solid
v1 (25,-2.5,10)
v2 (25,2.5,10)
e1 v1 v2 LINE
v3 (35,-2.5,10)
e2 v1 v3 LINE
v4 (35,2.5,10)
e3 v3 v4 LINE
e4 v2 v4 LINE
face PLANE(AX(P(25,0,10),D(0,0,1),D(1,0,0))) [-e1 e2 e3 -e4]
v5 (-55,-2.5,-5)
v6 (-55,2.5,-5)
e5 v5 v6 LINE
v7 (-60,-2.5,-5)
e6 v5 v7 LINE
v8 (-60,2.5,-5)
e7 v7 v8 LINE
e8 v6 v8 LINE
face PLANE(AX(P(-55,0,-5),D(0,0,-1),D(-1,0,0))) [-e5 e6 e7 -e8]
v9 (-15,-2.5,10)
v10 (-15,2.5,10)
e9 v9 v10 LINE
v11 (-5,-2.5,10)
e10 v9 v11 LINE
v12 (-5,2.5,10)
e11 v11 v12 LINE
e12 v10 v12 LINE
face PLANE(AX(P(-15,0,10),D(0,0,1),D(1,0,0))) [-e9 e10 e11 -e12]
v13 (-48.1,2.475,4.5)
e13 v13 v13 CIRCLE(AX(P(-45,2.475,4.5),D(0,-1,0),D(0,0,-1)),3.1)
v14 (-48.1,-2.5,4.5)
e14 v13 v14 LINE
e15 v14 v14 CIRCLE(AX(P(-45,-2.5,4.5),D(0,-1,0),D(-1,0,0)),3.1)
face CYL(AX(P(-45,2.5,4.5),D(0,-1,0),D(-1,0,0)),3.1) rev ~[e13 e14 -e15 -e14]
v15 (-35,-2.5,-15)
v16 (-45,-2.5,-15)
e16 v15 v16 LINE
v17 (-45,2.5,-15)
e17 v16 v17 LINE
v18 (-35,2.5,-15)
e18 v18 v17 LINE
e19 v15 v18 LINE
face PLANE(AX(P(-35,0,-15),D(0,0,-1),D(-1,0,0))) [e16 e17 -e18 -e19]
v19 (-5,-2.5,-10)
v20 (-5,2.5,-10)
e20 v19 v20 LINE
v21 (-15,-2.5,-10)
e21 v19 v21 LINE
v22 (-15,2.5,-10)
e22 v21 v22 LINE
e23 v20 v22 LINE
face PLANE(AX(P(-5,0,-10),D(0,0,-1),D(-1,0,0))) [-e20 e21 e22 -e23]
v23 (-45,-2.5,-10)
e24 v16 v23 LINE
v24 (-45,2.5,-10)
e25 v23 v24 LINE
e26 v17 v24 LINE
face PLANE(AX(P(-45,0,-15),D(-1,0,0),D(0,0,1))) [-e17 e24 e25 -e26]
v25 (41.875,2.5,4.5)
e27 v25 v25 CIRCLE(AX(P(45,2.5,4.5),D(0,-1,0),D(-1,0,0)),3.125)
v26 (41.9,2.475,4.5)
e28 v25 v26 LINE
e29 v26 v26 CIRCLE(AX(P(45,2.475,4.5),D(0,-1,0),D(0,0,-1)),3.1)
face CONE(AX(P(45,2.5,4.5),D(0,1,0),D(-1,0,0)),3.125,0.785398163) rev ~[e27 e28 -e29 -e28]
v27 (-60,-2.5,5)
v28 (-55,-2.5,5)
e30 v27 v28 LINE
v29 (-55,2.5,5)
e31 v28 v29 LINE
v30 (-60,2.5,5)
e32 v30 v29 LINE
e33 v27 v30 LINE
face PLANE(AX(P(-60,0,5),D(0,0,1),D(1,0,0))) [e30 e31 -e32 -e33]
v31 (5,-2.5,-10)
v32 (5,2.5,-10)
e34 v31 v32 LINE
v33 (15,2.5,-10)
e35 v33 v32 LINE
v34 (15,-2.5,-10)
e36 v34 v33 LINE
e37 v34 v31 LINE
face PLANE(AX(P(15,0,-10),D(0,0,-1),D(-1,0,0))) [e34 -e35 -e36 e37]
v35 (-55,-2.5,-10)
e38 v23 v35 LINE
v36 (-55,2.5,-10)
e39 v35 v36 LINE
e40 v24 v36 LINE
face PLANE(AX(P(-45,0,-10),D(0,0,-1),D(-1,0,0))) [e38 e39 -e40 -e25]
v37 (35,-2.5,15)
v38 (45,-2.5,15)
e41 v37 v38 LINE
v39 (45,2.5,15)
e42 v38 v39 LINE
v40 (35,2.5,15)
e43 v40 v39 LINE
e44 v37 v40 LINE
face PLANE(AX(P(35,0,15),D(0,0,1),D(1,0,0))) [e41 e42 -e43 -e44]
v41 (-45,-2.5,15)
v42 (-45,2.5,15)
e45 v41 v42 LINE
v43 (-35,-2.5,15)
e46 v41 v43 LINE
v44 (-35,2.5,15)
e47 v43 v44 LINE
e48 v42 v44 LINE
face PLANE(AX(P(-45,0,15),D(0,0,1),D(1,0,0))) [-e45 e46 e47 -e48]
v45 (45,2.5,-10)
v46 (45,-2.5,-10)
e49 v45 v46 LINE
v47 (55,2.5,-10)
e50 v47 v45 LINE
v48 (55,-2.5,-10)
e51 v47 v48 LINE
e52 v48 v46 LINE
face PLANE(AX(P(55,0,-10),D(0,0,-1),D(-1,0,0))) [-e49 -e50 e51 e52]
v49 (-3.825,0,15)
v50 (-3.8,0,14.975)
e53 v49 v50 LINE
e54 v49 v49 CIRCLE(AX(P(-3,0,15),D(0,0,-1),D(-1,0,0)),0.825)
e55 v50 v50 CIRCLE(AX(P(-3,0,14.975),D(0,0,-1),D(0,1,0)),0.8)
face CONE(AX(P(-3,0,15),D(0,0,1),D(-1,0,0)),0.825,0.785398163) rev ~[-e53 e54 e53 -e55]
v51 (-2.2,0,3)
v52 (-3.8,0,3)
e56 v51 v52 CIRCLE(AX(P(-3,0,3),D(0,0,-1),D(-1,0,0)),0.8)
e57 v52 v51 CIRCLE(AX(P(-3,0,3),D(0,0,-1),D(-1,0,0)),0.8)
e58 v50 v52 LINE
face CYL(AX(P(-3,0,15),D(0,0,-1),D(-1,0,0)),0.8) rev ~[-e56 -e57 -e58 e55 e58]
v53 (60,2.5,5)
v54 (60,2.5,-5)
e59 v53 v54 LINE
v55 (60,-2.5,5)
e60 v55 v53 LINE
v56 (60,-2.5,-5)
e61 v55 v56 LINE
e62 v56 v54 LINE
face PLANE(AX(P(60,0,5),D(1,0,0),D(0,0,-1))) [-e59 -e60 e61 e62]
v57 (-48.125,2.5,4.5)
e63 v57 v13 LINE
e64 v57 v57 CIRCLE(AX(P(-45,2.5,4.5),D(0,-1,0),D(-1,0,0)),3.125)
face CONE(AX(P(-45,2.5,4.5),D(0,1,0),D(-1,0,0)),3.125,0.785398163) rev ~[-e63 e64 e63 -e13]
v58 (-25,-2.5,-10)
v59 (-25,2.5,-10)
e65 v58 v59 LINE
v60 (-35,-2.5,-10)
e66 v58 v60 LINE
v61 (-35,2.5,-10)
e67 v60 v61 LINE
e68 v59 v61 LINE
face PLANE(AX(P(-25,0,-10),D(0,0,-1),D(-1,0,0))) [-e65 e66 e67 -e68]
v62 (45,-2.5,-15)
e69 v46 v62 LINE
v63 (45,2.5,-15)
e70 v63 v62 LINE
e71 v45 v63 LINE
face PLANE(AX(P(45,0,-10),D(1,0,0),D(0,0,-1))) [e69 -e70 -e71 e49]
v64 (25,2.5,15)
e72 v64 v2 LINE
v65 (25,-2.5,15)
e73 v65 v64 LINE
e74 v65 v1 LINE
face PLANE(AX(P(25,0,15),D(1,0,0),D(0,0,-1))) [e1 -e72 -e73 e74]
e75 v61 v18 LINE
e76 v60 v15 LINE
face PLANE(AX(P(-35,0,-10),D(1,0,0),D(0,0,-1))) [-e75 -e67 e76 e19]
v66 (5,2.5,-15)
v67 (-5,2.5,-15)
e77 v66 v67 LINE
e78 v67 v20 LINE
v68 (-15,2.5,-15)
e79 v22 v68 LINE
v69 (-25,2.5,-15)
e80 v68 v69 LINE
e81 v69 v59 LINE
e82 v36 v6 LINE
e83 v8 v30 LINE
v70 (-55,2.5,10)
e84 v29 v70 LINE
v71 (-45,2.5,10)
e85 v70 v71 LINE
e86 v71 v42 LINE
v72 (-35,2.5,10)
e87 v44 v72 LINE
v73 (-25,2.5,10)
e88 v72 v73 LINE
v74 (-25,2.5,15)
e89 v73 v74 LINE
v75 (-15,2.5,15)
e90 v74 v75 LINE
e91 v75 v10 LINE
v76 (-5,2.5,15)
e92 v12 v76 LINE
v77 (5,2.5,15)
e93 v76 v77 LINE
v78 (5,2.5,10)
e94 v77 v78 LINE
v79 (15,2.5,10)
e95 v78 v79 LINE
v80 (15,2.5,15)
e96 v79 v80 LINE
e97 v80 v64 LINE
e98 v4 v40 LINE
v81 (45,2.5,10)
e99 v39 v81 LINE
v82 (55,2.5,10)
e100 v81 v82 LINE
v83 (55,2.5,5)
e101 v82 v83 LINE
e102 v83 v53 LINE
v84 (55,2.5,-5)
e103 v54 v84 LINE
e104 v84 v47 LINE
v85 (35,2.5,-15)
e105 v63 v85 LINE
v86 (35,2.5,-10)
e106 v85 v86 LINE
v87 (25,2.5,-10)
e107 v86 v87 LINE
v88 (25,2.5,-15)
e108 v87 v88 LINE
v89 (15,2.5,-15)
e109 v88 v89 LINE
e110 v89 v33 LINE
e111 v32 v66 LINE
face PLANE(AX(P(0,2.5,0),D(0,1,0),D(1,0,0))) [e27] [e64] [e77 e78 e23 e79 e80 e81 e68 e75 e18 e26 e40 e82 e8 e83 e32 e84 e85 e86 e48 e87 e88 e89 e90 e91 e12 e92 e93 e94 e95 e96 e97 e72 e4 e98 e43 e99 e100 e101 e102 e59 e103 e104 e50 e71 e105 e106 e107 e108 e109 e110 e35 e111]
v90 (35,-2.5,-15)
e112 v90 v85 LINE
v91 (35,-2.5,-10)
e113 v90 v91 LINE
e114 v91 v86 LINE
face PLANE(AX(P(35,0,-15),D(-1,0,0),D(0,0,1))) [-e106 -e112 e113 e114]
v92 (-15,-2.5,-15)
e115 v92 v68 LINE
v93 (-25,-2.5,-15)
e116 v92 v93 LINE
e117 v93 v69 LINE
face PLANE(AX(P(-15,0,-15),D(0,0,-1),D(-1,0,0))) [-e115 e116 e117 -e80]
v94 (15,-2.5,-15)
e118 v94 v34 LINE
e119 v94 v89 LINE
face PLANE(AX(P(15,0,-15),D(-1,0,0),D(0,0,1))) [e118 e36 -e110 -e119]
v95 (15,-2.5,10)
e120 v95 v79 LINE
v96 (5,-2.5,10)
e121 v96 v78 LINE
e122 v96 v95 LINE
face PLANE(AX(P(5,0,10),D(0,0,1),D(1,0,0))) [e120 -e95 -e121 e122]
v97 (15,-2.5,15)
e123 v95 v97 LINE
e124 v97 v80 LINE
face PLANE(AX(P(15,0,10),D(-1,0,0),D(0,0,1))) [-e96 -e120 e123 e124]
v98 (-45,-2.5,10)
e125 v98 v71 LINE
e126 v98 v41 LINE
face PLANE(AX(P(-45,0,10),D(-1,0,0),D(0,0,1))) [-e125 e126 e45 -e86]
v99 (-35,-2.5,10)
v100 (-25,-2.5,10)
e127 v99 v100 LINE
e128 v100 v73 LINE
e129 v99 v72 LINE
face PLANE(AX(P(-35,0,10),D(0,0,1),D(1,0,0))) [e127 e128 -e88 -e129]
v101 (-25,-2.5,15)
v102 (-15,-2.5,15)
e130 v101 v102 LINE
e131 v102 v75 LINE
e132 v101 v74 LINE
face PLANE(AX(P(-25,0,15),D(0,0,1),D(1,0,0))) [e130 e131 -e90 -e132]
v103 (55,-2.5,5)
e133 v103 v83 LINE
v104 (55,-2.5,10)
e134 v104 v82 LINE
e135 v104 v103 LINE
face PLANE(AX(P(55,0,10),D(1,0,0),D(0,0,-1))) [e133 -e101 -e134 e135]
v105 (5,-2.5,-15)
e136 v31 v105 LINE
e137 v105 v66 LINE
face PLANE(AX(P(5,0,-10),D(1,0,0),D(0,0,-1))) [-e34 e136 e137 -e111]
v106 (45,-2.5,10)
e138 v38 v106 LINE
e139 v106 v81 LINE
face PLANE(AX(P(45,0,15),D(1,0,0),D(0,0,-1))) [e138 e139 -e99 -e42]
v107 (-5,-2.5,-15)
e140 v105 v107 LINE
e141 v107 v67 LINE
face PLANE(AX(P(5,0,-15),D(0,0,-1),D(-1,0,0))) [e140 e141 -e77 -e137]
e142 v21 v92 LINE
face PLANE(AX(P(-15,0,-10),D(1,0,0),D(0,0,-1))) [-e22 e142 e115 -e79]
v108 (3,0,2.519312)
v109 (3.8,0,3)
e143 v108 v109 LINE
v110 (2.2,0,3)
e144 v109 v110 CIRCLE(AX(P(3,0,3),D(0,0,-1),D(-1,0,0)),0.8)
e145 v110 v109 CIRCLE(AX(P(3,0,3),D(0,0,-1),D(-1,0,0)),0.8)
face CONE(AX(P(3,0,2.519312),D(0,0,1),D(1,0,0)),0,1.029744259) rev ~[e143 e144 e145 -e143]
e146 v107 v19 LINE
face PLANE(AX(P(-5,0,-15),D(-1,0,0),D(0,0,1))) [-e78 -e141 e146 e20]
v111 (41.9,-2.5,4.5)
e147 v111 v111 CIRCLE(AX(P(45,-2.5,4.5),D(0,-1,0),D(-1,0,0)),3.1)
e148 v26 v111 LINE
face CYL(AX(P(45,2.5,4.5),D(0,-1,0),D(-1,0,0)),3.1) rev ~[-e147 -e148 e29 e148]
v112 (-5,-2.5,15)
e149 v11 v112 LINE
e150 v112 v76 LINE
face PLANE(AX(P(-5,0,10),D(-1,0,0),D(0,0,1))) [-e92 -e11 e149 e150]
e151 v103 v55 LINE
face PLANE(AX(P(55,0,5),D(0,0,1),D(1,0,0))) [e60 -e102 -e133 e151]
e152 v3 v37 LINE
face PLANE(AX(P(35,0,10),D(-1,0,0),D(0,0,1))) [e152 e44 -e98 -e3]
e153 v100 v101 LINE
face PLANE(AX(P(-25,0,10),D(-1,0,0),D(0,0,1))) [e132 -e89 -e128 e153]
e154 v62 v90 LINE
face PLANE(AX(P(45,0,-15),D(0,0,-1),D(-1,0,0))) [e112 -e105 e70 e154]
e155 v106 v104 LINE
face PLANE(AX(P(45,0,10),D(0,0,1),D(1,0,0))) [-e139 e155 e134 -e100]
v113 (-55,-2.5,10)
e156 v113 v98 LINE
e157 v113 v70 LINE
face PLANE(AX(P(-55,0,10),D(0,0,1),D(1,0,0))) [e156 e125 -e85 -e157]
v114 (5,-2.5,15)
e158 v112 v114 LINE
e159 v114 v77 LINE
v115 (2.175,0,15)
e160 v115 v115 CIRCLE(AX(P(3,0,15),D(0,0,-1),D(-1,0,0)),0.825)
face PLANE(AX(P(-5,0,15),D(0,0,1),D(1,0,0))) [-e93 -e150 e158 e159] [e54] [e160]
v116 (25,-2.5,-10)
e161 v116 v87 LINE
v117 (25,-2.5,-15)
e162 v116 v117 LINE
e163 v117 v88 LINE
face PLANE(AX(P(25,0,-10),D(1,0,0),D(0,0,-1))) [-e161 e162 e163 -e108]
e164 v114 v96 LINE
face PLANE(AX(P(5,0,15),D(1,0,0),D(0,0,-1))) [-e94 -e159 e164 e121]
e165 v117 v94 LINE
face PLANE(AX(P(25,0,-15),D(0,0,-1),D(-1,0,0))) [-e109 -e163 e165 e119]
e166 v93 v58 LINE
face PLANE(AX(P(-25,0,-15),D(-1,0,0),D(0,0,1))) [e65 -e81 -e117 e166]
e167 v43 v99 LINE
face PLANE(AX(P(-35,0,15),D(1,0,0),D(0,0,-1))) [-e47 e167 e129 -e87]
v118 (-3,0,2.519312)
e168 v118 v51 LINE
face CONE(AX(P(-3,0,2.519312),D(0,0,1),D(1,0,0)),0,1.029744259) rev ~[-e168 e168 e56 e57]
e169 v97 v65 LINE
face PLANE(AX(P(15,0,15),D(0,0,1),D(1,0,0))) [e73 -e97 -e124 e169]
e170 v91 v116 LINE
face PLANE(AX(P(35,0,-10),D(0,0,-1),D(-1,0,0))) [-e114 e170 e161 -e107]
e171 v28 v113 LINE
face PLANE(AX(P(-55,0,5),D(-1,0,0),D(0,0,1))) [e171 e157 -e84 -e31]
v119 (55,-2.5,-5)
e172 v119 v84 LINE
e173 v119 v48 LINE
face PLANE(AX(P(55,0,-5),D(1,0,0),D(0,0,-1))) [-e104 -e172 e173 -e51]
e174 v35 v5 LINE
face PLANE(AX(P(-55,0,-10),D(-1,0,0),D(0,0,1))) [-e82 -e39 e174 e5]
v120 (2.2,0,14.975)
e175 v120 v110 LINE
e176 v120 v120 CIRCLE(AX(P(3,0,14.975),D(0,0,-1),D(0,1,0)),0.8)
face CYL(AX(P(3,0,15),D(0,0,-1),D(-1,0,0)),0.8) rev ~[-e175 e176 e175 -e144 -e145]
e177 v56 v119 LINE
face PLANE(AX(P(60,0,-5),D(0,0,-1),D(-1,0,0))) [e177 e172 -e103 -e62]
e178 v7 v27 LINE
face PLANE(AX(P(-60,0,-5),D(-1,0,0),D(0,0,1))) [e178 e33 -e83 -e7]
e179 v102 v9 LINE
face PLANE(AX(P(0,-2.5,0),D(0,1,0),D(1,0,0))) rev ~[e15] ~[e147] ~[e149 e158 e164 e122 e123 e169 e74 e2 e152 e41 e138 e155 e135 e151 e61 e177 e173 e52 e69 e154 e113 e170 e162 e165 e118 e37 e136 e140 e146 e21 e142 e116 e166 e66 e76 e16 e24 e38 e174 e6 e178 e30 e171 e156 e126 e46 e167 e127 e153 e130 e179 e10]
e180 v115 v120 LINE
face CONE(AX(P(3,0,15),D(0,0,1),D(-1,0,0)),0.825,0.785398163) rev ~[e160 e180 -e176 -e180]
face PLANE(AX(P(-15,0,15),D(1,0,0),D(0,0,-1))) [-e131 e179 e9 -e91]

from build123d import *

# Parameters (mm, degrees)
BOSS_EXTRUDE1_DEPTH                  = 2.5
TAP_DRILL_FOR_M2_TAP1_D              = 1.6
TAP_DRILL_FOR_M2_TAP1_DEPTH          = 12
TAP_DRILL_FOR_M2_TAP1_CSINK_D        = 1.65
TAP_DRILL_FOR_M2_TAP1_CSINK_ANGLE    = 90
TAP_DRILL_FOR_M2_TAP1_TIP            = 0.480688495
F_6_2_6_2_DIAMETER_HOLE1_D           = 6.2
F_6_2_6_2_DIAMETER_HOLE1_CSINK_D     = 6.25
F_6_2_6_2_DIAMETER_HOLE1_CSINK_ANGLE = 90


with BuildPart() as part:
    # Sketch1 → Boss-Extrude1 (new, symmetric)
    with BuildSketch(Plane(origin=(0, 0, 0), x_dir=(1, 0, 0), z_dir=(0, 1, 0))):
        Polygon((45, 15), (35, 15), (35, 10), (25, 10), (25, 15), (15, 15), (15, 10), (5, 10), (5, 15), (-5, 15), (-5, 10), (-15, 10), (-15, 15), (-25, 15), (-25, 10), (-35, 10), (-35, 15), (-45, 15), (-45, 10), (-55, 10), (-55, 5), (-60, 5), (-60, -5), (-55, -5), (-55, -10), (-45, -10), (-45, -15), (-35, -15), (-35, -10), (-25, -10), (-25, -15), (-15, -15), (-15, -10), (-5, -10), (-5, -15), (5, -15), (5, -10), (15, -10), (15, -15), (25, -15), (25, -10), (35, -10), (35, -15), (45, -15), (45, -10), (55, -10), (55, -5), (60, -5), (60, 5), (55, 5), (55, 10), (45, 10), align=None)
    extrude(amount=BOSS_EXTRUDE1_DEPTH, both=True)

    # Tap Drill for M2 Tap1
    with Locations(Plane.XY.offset(15)):
        with Locations((-3, 0), (3, 0)):
            CounterSinkHole(TAP_DRILL_FOR_M2_TAP1_D / 2, TAP_DRILL_FOR_M2_TAP1_CSINK_D / 2, depth=TAP_DRILL_FOR_M2_TAP1_DEPTH, counter_sink_angle=TAP_DRILL_FOR_M2_TAP1_CSINK_ANGLE)
            with Locations((0, 0, -(TAP_DRILL_FOR_M2_TAP1_DEPTH + TAP_DRILL_FOR_M2_TAP1_TIP / 2))):  # 118° drill point
                Cone(0, TAP_DRILL_FOR_M2_TAP1_D / 2, TAP_DRILL_FOR_M2_TAP1_TIP, mode=Mode.SUBTRACT)

    # Ø6.2 (6.2) Diameter Hole1 (through all)
    with Locations(Plane(origin=(0, 2.5, 0), x_dir=(1, 0, 0), z_dir=(0, 1, 0))):
        with Locations((-45, -4.5), (45, -4.5)):
            CounterSinkHole(F_6_2_6_2_DIAMETER_HOLE1_D / 2, F_6_2_6_2_DIAMETER_HOLE1_CSINK_D / 2, counter_sink_angle=F_6_2_6_2_DIAMETER_HOLE1_CSINK_ANGLE)


solid = part.part
